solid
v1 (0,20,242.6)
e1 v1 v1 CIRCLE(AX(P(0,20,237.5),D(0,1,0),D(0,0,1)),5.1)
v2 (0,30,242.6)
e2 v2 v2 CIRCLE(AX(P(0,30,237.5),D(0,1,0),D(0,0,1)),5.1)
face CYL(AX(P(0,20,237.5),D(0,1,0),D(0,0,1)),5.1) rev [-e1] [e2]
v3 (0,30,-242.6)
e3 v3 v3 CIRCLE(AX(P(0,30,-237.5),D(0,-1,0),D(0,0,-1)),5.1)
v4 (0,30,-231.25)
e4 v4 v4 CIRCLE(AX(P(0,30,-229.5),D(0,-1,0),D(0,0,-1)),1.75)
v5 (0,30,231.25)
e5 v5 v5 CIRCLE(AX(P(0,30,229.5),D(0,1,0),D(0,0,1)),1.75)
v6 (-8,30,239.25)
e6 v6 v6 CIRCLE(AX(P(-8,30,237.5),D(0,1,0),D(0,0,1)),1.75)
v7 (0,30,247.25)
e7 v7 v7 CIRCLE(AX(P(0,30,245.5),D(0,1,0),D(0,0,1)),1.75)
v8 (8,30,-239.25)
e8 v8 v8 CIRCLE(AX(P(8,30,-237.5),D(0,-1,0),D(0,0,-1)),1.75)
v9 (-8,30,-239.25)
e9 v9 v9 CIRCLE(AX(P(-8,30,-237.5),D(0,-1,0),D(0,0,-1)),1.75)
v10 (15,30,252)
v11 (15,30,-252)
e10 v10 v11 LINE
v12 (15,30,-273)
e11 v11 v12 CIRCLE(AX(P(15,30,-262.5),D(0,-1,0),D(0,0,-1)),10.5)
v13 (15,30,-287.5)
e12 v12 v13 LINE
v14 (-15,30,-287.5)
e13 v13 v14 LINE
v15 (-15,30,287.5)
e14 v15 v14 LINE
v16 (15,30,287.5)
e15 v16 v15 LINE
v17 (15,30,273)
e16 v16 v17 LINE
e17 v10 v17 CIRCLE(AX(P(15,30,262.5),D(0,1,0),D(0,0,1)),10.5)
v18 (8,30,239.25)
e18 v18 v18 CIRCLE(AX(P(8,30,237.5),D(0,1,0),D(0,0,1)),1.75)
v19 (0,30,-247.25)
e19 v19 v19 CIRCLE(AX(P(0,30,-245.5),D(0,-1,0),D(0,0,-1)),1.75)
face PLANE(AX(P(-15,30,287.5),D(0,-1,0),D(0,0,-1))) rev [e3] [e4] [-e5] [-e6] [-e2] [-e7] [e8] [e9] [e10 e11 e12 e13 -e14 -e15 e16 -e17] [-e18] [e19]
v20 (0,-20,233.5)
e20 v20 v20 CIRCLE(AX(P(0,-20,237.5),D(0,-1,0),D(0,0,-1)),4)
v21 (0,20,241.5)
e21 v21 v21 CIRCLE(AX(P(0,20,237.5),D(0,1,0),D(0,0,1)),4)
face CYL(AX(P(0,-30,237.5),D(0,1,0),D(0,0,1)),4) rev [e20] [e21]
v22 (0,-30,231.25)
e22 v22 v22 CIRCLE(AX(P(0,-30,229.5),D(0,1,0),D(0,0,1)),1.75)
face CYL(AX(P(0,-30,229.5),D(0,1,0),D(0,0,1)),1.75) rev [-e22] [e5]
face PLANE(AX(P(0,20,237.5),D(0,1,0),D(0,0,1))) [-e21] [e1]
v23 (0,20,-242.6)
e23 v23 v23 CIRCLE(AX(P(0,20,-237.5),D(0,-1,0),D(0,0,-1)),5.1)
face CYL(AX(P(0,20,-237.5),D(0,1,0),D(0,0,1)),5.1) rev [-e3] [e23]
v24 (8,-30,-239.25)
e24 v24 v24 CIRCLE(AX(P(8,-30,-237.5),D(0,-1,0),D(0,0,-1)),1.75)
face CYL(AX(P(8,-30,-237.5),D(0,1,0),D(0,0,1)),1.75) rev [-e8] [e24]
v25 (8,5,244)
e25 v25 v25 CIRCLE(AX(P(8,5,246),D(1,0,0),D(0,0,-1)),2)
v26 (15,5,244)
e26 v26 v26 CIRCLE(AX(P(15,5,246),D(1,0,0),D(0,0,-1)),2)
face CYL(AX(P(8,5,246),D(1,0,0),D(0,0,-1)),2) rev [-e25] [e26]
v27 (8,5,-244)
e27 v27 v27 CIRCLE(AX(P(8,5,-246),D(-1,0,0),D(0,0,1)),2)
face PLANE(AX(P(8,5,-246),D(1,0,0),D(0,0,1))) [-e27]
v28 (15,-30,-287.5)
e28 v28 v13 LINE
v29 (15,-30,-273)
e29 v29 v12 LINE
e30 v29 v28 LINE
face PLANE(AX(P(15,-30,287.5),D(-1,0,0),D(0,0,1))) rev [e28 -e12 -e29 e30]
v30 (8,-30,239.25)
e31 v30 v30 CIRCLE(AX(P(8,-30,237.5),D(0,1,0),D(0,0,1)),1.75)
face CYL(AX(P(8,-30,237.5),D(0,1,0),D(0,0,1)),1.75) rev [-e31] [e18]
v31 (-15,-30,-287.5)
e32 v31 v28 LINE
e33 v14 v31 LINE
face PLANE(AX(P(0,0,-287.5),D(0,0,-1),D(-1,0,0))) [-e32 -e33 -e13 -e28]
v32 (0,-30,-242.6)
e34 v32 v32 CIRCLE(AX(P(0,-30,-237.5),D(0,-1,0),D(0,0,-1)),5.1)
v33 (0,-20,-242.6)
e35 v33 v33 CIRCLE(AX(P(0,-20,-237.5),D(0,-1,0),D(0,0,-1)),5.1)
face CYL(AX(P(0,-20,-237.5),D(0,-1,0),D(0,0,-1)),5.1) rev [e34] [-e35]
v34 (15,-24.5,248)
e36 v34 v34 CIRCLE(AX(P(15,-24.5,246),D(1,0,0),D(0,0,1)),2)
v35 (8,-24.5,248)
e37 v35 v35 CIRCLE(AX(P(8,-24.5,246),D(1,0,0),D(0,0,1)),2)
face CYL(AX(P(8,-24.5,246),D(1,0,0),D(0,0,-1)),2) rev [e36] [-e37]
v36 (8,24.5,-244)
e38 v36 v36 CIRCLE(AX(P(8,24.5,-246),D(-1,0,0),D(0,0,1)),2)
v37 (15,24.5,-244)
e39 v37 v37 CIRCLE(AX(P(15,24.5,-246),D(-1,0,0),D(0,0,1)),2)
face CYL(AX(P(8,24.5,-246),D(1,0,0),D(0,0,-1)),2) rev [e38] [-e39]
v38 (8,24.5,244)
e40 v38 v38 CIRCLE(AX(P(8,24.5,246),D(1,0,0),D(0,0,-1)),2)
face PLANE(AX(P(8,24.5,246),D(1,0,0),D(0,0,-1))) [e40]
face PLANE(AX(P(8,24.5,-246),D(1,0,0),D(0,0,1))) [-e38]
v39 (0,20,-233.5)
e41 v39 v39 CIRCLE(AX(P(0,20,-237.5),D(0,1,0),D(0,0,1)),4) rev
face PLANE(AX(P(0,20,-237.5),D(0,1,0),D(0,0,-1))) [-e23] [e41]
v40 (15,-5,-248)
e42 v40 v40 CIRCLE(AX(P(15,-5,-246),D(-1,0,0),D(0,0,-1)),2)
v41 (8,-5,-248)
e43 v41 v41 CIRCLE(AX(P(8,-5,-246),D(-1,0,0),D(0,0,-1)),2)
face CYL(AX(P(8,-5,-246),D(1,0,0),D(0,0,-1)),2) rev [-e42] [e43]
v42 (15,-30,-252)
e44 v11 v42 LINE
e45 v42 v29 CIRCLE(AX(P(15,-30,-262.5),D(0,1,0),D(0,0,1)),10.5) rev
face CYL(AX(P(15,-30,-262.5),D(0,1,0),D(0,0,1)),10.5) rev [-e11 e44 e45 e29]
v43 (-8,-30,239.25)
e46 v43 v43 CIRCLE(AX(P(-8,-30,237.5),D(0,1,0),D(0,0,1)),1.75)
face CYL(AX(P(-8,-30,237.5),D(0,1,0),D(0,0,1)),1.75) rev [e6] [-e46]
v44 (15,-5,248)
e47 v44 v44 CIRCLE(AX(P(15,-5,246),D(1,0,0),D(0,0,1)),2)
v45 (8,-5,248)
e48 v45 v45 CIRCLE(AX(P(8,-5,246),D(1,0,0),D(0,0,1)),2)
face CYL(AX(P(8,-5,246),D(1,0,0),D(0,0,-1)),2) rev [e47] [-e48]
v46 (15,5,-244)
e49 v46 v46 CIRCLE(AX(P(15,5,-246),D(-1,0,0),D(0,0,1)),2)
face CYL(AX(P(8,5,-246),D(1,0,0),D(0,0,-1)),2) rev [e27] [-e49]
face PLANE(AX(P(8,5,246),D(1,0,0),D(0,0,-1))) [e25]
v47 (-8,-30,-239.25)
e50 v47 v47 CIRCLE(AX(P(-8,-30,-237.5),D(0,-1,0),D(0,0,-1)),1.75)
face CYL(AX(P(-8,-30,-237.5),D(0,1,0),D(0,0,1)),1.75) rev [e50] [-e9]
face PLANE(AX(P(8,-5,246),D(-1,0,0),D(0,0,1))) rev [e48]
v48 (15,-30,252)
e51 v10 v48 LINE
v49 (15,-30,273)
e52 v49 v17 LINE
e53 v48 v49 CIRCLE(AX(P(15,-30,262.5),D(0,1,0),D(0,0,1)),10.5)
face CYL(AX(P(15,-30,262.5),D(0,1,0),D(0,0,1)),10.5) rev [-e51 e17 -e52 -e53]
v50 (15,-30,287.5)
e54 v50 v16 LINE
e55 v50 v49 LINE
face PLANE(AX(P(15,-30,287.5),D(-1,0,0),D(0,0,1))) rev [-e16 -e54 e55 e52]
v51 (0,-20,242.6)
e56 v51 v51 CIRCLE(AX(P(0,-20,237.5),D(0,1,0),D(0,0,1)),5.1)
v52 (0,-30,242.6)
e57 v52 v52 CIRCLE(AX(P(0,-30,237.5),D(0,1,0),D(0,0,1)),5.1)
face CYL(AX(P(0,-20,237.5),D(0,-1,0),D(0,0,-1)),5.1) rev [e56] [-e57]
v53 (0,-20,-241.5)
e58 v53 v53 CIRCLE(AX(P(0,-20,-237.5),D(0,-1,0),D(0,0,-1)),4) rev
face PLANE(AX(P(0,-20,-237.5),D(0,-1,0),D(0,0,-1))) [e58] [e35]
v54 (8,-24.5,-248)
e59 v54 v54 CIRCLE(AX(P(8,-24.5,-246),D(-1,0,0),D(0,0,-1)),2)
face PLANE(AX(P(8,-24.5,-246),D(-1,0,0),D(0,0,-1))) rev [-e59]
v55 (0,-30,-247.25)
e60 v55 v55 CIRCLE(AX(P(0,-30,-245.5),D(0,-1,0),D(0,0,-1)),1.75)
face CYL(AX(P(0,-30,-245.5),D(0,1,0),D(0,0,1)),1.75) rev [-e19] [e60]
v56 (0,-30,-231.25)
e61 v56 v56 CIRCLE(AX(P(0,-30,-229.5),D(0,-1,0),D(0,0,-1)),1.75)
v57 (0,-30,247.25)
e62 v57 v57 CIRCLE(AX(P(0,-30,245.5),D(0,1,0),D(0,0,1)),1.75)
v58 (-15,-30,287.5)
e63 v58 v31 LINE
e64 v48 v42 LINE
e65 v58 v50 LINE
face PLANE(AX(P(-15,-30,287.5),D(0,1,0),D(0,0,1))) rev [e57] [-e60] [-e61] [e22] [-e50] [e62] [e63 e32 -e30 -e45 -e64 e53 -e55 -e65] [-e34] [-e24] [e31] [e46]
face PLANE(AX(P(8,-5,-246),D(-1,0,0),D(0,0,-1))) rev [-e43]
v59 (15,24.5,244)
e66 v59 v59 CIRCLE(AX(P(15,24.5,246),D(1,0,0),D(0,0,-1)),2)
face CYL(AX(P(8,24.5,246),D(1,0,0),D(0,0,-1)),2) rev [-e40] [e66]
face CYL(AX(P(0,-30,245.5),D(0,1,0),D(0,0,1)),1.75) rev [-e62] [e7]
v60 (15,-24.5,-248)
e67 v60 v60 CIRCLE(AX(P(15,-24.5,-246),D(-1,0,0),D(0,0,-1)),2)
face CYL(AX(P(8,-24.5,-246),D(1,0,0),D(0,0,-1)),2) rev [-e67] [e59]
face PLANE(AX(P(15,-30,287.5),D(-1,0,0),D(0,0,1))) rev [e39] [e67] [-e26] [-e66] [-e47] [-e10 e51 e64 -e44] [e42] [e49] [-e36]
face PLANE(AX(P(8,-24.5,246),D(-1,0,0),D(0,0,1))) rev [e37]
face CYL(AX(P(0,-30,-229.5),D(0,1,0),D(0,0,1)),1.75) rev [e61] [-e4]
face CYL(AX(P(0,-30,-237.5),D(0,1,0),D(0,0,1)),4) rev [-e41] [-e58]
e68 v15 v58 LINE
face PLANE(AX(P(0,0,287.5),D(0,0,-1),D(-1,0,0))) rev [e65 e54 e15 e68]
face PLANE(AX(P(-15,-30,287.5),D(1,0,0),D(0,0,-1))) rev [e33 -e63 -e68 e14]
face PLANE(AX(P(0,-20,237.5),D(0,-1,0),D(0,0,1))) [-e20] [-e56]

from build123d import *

# Parameters (mm, degrees)
SKETCH1_W               = 30
SKETCH1_H               = 60
BOSS_EXTRUDE1_DEPTH     = 287.5
SKETCH2_R               = 10.5
CUT_EXTRUDE1_DEPTH      = 295.076945713
SKETCH3_R               = 5.1
CUT_EXTRUDE2_DEPTH      = 10
SKETCH4_R               = 4
SKETCH4_R_2             = 1.75
CUT_EXTRUDE3_DEPTH      = 295.076945713
SKETCH5_R               = 2
CUT_EXTRUDE4_DEPTH      = 7
MIRROR1_COPY_1_SKETCH_R = 5.1
MIRROR1_COPY_1_DEPTH    = 10


with BuildPart() as part:
    # Sketch1 → Boss-Extrude1 (new, symmetric)
    with BuildSketch(Plane.XY):
        Rectangle(SKETCH1_W, SKETCH1_H)
    extrude(amount=BOSS_EXTRUDE1_DEPTH, both=True)

    # Sketch2 → Cut-Extrude1 (cut, through all)
    with BuildSketch(Plane(origin=(0, 30, 0), x_dir=(1, 0, 0), z_dir=(0, 1, 0))):
        with Locations((15, -262.5)):
            Circle(SKETCH2_R)
    cut_extrude1 = extrude(amount=-CUT_EXTRUDE1_DEPTH, mode=Mode.SUBTRACT)

    # Sketch3 → Cut-Extrude2 (cut)
    with BuildSketch(Plane(origin=(0, 30, 0), x_dir=(1, 0, 0), z_dir=(0, 1, 0))):
        with Locations(Location((0, -237.5, 0), (0, 0, 270))):
            Circle(SKETCH3_R)
    cut_extrude2 = extrude(amount=-CUT_EXTRUDE2_DEPTH, mode=Mode.SUBTRACT)

    # Mirror2: Cut-Extrude2 across plane
    add(cut_extrude2.mirror(Plane.ZX), mode=Mode.SUBTRACT)

    # Sketch4 → Cut-Extrude3 (cut, through all)
    with BuildSketch(Plane(origin=(0, 30, 0), x_dir=(1, 0, 0), z_dir=(0, 1, 0))):
        with Locations(Location((0, -237.5, 0), (0, 0, 270))):
            Circle(SKETCH4_R)
        with Locations(Location((-8, -237.5, 0), (0, 0, 270))):
            Circle(SKETCH4_R_2)
        with Locations(Location((0, -229.5, 0), (0, 0, 270))):
            Circle(SKETCH4_R_2)
        with Locations(Location((8, -237.5, 0), (0, 0, 270))):
            Circle(SKETCH4_R_2)
        with Locations(Location((0, -245.5, 0), (0, 0, 270))):
            Circle(SKETCH4_R_2)
    cut_extrude3 = extrude(amount=-CUT_EXTRUDE3_DEPTH, mode=Mode.SUBTRACT)

    # Sketch5 → Cut-Extrude4 (cut)
    with BuildSketch(Plane(origin=(15, 0, 0), x_dir=(0, 0, -1), z_dir=(1, 0, 0))):
        with Locations((-246, 24.5)):
            Circle(SKETCH5_R)
        with Locations((-246, 5)):
            Circle(SKETCH5_R)
        with Locations(Location((-246, -5, 0), (0, 0, 180))):
            Circle(SKETCH5_R)
        with Locations(Location((-246, -24.5, 0), (0, 0, 180))):
            Circle(SKETCH5_R)
    cut_extrude4 = extrude(amount=-CUT_EXTRUDE4_DEPTH, mode=Mode.SUBTRACT)

    # Mirror1: Cut-Extrude1, Cut-Extrude2, Cut-Extrude3, Cut-Extrude4 across plane
    add(cut_extrude1.mirror(Plane.XY), mode=Mode.SUBTRACT)
    add(cut_extrude2.mirror(Plane.XY), mode=Mode.SUBTRACT)
    add(cut_extrude3.mirror(Plane.XY), mode=Mode.SUBTRACT)
    add(cut_extrude4.mirror(Plane.XY), mode=Mode.SUBTRACT)

    # Mirror1 copy 1 sketch → Mirror1 copy 1 (cut)
    with BuildSketch(Plane.XZ.offset(30)):
        with Locations(Location((0, -237.5, 0), (0, 0, 270))):
            Circle(MIRROR1_COPY_1_SKETCH_R)
    extrude(amount=-MIRROR1_COPY_1_DEPTH, mode=Mode.SUBTRACT)


solid = part.part
